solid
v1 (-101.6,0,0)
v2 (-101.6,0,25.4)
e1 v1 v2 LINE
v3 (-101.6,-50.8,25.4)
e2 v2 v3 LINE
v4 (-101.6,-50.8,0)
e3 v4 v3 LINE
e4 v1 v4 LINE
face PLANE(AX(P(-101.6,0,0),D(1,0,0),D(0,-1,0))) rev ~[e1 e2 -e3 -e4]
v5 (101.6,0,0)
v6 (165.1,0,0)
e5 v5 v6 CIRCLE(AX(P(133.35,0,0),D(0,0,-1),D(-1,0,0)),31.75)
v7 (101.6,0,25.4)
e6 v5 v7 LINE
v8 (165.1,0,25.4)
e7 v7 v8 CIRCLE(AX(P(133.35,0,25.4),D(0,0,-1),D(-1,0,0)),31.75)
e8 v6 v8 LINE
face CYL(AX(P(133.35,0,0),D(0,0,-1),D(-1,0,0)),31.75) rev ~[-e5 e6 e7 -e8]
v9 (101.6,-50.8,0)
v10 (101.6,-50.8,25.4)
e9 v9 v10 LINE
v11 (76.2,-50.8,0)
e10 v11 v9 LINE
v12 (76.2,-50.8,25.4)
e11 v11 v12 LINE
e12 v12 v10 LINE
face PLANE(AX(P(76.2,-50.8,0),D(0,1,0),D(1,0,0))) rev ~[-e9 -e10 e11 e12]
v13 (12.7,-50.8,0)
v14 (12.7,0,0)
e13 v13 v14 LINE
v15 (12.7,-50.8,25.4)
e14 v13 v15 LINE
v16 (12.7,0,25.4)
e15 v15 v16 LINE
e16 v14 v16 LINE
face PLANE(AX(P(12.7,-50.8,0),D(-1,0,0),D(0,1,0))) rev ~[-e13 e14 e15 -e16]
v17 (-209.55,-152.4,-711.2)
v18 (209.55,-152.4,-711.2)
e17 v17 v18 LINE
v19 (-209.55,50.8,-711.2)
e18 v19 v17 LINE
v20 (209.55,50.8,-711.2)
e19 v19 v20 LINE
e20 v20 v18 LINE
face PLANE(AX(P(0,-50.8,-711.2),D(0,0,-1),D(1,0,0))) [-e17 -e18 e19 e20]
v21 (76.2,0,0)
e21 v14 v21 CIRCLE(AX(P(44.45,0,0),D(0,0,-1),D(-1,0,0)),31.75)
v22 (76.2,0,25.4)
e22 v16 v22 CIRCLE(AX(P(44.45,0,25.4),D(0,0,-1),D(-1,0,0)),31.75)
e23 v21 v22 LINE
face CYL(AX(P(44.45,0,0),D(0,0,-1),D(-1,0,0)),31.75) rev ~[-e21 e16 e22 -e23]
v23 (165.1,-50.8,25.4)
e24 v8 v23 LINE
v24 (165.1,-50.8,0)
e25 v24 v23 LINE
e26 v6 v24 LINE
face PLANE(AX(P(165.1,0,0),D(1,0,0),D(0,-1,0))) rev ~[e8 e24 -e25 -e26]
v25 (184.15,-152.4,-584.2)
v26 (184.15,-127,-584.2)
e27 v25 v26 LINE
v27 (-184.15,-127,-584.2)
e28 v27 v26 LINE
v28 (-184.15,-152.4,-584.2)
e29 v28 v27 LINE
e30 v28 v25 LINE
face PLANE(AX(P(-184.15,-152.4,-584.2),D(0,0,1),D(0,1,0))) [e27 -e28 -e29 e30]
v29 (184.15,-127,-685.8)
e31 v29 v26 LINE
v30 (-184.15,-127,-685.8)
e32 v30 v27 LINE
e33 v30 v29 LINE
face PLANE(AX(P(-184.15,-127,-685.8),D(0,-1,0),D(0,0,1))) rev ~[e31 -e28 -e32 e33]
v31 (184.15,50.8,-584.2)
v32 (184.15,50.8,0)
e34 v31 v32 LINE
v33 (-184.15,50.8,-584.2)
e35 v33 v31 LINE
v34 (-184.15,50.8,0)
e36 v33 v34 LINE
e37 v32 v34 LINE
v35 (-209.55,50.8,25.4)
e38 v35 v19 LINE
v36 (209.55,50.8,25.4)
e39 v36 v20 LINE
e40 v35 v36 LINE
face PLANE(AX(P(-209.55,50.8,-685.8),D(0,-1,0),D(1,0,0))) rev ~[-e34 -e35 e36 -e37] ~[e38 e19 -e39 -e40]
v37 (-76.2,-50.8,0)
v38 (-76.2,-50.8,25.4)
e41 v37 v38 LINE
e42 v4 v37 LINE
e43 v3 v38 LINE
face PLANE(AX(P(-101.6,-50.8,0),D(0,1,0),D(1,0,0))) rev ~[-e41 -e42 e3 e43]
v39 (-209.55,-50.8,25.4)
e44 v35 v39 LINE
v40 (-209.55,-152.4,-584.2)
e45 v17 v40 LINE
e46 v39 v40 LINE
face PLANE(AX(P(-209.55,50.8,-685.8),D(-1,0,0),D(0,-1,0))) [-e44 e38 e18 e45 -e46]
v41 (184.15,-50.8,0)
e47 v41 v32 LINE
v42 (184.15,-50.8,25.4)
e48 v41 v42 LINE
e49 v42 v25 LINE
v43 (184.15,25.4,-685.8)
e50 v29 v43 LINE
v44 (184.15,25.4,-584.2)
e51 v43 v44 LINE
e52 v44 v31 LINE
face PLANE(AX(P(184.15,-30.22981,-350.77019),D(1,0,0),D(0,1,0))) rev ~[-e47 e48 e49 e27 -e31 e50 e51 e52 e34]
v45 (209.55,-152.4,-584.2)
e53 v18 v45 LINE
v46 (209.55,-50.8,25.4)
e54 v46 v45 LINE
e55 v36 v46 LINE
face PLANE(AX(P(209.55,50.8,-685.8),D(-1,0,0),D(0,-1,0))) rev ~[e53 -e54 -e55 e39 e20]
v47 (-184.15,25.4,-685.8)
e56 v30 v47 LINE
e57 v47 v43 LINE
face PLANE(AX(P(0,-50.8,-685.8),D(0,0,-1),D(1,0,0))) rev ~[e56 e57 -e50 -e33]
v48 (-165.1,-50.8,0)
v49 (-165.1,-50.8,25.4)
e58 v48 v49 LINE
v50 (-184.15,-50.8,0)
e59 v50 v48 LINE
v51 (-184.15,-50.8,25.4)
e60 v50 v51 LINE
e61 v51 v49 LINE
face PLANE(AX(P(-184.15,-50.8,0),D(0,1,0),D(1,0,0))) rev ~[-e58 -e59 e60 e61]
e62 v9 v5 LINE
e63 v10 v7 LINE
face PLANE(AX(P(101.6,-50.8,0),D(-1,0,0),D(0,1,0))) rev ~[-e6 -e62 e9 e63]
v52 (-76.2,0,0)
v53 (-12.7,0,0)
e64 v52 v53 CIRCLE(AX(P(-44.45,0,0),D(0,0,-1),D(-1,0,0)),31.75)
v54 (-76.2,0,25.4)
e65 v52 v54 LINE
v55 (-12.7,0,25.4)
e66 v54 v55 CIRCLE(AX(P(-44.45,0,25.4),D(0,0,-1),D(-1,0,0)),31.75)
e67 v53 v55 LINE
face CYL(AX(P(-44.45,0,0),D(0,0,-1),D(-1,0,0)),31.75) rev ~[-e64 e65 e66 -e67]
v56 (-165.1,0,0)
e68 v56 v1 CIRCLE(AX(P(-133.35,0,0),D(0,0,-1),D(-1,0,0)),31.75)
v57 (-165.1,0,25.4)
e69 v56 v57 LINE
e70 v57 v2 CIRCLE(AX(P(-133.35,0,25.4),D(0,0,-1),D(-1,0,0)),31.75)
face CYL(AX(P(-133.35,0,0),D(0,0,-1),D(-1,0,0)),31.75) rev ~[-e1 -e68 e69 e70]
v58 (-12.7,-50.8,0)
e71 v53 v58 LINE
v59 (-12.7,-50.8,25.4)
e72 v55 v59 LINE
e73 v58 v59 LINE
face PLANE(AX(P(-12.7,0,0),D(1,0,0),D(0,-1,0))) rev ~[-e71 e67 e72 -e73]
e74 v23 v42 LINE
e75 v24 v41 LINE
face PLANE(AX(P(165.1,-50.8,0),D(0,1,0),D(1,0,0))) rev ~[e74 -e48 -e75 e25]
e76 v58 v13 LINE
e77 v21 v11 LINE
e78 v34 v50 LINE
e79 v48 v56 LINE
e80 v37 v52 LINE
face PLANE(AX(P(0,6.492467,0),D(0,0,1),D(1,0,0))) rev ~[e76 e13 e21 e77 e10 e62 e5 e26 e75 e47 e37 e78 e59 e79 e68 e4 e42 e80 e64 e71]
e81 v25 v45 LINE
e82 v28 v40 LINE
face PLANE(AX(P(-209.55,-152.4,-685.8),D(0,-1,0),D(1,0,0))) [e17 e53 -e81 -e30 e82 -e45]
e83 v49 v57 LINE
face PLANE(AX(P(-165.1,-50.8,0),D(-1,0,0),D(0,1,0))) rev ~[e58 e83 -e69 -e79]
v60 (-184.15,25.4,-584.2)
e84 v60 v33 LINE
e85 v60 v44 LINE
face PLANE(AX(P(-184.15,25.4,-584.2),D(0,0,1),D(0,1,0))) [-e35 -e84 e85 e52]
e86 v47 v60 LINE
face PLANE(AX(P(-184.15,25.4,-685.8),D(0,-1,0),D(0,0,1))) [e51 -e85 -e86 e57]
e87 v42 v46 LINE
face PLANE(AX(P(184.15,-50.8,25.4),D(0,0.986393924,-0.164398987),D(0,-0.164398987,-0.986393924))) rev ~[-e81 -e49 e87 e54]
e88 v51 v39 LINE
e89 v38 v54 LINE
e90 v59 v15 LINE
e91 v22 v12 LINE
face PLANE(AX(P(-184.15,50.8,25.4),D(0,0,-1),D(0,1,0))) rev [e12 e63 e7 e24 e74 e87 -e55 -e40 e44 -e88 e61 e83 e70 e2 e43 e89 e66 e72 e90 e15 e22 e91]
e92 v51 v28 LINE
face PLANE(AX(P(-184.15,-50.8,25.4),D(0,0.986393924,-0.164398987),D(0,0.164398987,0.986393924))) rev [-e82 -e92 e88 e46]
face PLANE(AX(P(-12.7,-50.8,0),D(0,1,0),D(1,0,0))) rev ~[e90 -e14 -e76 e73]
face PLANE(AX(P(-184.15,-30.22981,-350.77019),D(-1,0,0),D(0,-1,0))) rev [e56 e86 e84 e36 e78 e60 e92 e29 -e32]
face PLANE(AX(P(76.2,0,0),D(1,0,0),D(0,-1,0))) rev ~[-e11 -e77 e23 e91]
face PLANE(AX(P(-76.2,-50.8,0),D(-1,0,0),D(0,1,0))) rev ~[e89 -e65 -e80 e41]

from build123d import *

# Parameters (mm, degrees)
F1_DEPTH = 25.4
F3_DEPTH = 25.4
F5_W     = 25.4
F5_H     = 101.6
F6_DEPTH = 368.3
F7_W     = 419.1
F7_H     = 203.2
F8_DEPTH = 25.4


with BuildPart() as f1:
    # F0 (on Top) → F1 (new body)
    with BuildSketch(Plane.XY):
        with BuildLine():
            Line((184.15, -50.8), (184.15, 50.8))
            Line((184.15, 50.8), (-184.15, 50.8))
            Line((-184.15, 50.8), (-184.15, -50.8))
            Line((-184.15, -50.8), (-165.1, -50.8))
            Line((-165.1, -50.8), (-165.1, 0))
            ThreePointArc((-165.1, 0), (-133.35, 31.75), (-101.6, 0))
            Line((-101.6, 0), (-101.6, -50.8))
            Line((-101.6, -50.8), (-76.2, -50.8))
            Line((-76.2, -50.8), (-76.2, 0))
            ThreePointArc((-76.2, 0), (-44.45, 31.75), (-12.7, 0))
            Line((-12.7, 0), (-12.7, -50.8))
            Line((-12.7, -50.8), (12.7, -50.8))
            Line((12.7, -50.8), (12.7, 0))
            ThreePointArc((12.7, 0), (44.45, 31.75), (76.2, 0))
            Line((76.2, 0), (76.2, -50.8))
            Line((76.2, -50.8), (101.6, -50.8))
            Line((101.6, -50.8), (101.6, 0))
            ThreePointArc((101.6, 0), (133.35, 31.75), (165.1, 0))
            Line((165.1, 0), (165.1, -50.8))
            Line((165.1, -50.8), (184.15, -50.8))
        make_face()
    extrude(amount=F1_DEPTH)

    # F2 (on face) → F3 (join)
    with BuildSketch(Plane.YZ.offset(184.15)):
        Polygon((50.8, -685.8), (50.8, 25.4), (-50.8, 25.4), (-152.4, -584.2), (-152.4, -685.8), align=None)
    extrude(amount=F3_DEPTH)

    # F4: F1 across plane


with BuildPart() as f1_1:
    add(f1.part)
    add(f1.part.mirror(Plane.YZ))

    # F5 (on face) → F6 (join, through all)
    with BuildSketch(Plane.YZ.offset(-184.15)):
        with Locations((-139.7, -635)):
            Rectangle(F5_W, F5_H)
        with Locations((38.1, -635)):
            Rectangle(F5_W, F5_H)
    extrude(amount=F6_DEPTH)

    # F7 (on face) → F8 (join)
    with BuildSketch(Plane(origin=(0, 0, -685.8), x_dir=(1, 0, 0), z_dir=(0, 0, -1))):
        with Locations((0, 50.8)):
            Rectangle(F7_W, F7_H)
    extrude(amount=F8_DEPTH)


solid = f1_1.part
